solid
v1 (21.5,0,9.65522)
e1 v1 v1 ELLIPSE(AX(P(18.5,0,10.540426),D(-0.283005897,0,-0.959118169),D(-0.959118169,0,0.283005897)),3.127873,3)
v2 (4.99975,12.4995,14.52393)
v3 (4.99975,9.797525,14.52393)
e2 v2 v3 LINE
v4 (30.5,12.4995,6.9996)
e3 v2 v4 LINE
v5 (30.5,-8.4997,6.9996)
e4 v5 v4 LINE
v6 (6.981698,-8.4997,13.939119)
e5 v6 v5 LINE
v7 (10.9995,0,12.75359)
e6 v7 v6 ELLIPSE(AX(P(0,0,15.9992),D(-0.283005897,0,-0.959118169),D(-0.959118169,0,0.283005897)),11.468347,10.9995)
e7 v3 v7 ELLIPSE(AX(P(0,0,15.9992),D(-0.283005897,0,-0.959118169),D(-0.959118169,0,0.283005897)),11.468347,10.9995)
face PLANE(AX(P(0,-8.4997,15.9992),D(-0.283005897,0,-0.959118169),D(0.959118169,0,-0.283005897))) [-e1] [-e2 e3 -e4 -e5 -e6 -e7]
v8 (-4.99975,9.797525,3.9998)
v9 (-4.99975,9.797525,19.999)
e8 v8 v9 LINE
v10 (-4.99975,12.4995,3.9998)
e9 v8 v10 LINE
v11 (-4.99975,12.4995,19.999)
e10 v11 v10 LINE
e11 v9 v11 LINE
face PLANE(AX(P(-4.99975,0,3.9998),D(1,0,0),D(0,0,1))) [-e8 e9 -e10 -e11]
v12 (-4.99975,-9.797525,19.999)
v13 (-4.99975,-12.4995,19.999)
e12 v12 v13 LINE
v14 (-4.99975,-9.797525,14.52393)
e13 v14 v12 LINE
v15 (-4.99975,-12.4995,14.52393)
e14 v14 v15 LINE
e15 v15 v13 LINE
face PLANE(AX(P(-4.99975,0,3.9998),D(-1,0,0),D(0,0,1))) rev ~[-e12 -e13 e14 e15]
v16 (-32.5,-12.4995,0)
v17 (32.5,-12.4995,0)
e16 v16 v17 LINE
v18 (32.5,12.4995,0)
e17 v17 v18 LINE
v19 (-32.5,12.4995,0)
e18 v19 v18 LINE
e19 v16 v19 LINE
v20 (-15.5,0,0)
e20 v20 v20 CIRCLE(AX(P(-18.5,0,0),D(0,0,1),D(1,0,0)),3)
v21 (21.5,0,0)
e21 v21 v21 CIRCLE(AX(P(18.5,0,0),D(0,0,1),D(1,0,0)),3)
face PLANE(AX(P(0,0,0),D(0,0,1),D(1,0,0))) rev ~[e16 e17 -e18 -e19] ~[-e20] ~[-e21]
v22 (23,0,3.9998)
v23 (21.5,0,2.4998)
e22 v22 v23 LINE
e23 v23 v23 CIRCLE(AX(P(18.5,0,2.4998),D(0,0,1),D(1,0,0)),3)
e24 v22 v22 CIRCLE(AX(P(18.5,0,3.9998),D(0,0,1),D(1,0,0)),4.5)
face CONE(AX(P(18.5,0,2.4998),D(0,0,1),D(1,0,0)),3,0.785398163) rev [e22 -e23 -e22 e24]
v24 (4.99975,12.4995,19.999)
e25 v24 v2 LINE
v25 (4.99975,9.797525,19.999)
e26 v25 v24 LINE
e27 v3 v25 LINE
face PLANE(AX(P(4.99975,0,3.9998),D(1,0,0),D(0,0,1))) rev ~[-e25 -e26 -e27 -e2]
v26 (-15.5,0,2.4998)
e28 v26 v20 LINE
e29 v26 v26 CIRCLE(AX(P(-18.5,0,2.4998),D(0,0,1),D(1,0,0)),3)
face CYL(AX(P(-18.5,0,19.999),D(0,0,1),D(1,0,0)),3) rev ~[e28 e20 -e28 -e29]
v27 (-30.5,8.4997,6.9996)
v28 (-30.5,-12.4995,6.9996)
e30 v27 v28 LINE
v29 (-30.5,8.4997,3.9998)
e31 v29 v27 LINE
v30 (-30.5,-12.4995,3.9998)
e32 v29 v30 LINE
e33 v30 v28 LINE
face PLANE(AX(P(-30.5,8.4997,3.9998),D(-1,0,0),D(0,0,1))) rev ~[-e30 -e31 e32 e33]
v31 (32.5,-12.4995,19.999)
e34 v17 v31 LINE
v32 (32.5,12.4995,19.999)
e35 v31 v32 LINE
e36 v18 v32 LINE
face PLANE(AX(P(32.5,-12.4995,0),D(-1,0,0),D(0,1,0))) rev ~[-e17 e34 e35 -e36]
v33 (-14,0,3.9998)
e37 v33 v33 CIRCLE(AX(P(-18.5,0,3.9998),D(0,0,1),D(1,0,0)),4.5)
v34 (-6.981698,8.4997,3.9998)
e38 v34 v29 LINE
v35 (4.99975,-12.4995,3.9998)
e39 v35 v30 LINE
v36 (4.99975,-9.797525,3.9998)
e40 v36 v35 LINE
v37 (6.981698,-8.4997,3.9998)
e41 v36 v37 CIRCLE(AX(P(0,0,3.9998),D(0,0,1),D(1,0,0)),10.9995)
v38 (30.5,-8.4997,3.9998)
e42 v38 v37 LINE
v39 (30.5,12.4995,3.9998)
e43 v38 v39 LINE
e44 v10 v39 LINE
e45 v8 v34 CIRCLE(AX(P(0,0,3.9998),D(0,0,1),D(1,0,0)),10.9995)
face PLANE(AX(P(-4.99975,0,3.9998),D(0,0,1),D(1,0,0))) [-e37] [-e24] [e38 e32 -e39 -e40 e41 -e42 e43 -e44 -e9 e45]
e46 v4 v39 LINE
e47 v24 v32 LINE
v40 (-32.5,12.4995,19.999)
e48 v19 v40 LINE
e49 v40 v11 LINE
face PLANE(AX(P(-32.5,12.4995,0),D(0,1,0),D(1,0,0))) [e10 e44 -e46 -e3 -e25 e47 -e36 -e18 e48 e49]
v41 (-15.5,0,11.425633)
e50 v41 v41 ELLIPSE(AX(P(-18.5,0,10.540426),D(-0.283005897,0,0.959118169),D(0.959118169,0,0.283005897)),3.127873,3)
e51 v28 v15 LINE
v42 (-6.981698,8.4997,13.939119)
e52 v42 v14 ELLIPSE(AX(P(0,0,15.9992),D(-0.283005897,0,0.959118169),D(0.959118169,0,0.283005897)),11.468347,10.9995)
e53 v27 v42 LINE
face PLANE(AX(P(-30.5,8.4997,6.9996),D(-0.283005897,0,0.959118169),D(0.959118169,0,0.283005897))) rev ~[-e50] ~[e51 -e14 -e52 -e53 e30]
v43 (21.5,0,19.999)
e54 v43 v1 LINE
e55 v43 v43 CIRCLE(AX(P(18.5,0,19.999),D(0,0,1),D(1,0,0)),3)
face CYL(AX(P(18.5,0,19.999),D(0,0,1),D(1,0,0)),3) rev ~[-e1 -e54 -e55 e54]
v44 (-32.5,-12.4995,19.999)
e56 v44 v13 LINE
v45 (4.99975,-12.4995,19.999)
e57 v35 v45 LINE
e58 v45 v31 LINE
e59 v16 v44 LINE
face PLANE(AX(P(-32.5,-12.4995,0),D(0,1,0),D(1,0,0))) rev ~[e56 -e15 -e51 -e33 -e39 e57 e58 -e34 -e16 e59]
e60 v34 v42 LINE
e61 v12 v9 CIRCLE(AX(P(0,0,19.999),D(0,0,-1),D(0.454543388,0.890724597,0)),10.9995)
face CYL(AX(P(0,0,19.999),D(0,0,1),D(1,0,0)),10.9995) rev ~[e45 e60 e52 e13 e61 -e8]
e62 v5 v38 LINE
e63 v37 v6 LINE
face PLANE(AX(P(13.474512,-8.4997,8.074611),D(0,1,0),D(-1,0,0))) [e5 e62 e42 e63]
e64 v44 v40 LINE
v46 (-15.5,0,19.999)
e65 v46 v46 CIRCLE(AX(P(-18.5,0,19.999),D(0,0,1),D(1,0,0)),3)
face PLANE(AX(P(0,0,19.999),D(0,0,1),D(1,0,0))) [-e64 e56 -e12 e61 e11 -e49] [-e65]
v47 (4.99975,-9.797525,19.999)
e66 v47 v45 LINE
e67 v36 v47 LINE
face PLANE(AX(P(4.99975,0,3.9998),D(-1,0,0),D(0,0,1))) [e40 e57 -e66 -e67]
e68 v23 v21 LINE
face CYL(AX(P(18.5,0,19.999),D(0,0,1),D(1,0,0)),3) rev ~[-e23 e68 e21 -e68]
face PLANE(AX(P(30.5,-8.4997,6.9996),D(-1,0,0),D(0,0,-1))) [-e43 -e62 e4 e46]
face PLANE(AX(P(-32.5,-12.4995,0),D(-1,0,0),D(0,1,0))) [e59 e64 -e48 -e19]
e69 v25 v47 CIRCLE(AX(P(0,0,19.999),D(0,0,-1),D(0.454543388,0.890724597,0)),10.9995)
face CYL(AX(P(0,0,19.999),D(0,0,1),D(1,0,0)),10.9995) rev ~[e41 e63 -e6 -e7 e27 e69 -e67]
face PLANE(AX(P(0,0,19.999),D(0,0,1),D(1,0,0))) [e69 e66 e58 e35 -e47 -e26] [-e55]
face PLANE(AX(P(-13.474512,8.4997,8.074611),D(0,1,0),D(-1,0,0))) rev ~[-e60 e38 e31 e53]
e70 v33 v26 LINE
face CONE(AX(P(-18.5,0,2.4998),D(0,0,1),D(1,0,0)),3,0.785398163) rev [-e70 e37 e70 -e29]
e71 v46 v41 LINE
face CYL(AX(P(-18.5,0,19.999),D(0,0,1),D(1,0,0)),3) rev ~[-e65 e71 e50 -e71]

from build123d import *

# Parameters (mm, degrees)
SKETCH_W             = 65
SKETCH_H             = 24.999
PAD_DEPTH            = 19.999
POCKET_DEPTH         = 20.9992
POCKET001_DEPTH      = 20.9992
SKETCH003_R          = 10.9995
POCKET002_DEPTH      = 15.9992
SKETCH004_W          = 9.9995
SKETCH004_H          = 15.9992
POCKET003_DEPTH      = 12.5005
POCKET003_DEPTH_BACK = -12.5005
SKETCH005_R          = 3
POCKET004_DEPTH      = 20
CHAMFER_SIZE         = 1.5


with BuildPart() as part:
    # Sketch → Pad (new body)
    with BuildSketch(Plane.XY):
        Rectangle(SKETCH_W, SKETCH_H)
    extrude(amount=PAD_DEPTH)

    # Sketch001 → Pocket (cut)
    with BuildSketch(Plane.XZ.offset(-8.4997)):
        Polygon((0, 3.9998), (-30.5, 3.9998), (-30.5, 6.9996), (0, 15.9992), align=None)
    extrude(amount=POCKET_DEPTH, mode=Mode.SUBTRACT)

    # Sketch002 → Pocket001 (cut)
    with BuildSketch(Plane.XZ.offset(8.4997)):
        Polygon((0, 3.9998), (0, 15.9992), (30.5, 6.9996), (30.5, 3.9998), align=None)
    extrude(amount=-POCKET001_DEPTH, mode=Mode.SUBTRACT)

    # Sketch003 → Pocket002 (cut)
    with BuildSketch(Plane.XY.offset(19.999)):
        Circle(SKETCH003_R)
    extrude(amount=-POCKET002_DEPTH, mode=Mode.SUBTRACT)

    # Sketch004 → Pocket003 (cut, two sides)
    with BuildSketch(Plane.XZ) as pocket003_sk:
        with Locations((0, 11.9994)):
            Rectangle(SKETCH004_W, SKETCH004_H)
    extrude(amount=-POCKET003_DEPTH, mode=Mode.SUBTRACT)
    extrude(pocket003_sk.sketch, amount=-POCKET003_DEPTH_BACK, mode=Mode.SUBTRACT)

    # Sketch005 → Pocket004 (cut, through all)
    with BuildSketch(Plane.XY.offset(19.999)):
        with Locations((-18.5, 0)):
            Circle(SKETCH005_R)
        with Locations((18.5, 0)):
            Circle(SKETCH005_R)
    extrude(amount=-POCKET004_DEPTH, mode=Mode.SUBTRACT)

    # Chamfer
    chamfer_edges = [part.edges().sort_by_distance(p)[0] for p in [
        (-21.5, 0, 3.9998),
        (15.5, 0, 3.9998),
    ]]
    chamfer(chamfer_edges, length=CHAMFER_SIZE)


solid = part.part
